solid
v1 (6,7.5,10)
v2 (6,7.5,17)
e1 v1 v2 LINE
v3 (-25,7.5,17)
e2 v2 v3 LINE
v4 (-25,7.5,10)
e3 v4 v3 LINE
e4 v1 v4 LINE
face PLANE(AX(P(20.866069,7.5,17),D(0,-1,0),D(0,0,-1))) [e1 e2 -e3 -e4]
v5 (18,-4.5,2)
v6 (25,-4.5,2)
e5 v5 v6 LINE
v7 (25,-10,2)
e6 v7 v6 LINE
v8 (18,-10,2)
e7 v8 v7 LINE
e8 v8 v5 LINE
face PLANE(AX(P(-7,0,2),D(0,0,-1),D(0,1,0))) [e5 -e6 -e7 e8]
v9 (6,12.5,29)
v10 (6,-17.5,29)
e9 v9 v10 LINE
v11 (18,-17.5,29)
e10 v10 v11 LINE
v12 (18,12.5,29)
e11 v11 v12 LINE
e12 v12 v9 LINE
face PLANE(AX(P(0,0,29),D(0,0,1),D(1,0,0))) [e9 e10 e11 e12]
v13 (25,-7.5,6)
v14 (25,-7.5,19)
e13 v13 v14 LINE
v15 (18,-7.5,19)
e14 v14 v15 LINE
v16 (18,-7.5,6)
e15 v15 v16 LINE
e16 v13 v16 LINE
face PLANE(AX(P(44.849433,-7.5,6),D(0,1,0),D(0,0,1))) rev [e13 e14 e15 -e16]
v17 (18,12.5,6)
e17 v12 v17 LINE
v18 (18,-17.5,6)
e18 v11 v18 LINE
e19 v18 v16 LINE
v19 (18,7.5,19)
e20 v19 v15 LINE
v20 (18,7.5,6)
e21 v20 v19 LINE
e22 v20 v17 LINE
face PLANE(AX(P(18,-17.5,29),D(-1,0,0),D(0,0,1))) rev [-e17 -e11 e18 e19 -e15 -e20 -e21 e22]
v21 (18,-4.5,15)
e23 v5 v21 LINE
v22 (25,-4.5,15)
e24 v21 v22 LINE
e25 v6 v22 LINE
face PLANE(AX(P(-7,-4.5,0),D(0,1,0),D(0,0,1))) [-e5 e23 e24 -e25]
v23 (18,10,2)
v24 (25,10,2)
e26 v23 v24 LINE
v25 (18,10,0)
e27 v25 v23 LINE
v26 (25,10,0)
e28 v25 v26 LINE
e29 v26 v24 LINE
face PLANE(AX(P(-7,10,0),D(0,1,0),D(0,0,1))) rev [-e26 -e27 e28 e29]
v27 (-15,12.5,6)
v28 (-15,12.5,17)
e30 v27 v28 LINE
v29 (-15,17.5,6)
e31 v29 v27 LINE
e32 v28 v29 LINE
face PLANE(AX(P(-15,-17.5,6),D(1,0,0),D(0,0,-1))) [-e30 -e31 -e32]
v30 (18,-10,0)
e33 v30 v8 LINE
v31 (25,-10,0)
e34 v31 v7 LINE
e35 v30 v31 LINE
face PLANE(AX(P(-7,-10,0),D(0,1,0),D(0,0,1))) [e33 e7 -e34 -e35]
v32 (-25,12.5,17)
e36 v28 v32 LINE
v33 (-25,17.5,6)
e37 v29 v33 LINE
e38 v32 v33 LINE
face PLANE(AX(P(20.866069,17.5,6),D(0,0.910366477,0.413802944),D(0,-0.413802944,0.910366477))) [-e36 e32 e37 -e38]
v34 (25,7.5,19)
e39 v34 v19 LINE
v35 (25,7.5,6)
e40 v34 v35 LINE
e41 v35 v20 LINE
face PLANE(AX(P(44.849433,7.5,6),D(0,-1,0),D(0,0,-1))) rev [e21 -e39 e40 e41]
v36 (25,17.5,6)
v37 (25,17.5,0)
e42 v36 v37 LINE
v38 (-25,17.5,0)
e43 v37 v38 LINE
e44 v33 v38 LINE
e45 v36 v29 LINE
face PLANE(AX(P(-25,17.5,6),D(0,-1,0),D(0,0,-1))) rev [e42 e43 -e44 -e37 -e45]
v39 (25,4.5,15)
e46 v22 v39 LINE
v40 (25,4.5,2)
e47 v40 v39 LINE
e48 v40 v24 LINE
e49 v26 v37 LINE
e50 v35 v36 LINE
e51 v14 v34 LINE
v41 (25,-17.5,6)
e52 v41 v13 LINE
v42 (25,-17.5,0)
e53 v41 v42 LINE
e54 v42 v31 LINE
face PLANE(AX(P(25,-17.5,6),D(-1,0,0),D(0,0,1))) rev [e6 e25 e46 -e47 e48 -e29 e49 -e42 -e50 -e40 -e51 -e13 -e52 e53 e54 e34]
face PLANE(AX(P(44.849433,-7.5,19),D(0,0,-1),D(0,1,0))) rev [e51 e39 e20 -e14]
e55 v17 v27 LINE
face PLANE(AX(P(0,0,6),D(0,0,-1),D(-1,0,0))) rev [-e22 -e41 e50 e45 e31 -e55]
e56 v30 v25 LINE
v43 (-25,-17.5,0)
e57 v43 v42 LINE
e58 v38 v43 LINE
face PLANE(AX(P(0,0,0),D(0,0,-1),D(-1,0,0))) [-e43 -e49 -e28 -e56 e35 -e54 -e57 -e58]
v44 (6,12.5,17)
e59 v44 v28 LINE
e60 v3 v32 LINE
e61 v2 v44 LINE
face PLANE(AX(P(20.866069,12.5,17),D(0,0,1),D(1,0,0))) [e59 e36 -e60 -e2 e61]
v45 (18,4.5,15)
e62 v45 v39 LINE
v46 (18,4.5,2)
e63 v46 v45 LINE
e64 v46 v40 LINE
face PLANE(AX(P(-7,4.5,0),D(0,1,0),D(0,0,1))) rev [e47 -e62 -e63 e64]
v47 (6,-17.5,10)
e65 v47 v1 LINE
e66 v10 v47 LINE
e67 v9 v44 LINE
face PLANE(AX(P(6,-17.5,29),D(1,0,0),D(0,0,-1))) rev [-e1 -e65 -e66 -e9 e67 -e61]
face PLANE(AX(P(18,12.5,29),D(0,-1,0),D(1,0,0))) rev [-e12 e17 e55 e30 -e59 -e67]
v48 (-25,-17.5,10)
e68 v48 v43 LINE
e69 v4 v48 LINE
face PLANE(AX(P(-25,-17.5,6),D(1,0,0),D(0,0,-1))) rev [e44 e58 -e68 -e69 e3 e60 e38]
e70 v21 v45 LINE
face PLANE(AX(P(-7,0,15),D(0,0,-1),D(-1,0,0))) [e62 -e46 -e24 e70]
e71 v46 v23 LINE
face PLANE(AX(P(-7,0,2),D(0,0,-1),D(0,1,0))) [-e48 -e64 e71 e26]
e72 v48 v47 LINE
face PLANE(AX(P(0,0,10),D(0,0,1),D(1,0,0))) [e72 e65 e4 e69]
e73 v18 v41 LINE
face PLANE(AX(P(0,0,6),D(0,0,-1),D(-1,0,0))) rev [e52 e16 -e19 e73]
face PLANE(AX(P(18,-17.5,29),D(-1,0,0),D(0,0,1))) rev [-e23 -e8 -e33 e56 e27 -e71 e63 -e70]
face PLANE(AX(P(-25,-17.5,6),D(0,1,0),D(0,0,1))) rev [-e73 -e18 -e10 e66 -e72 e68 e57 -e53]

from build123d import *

# Parameters (mm, degrees)
SKETCH_1_W          = 50
SKETCH_1_H          = 35
EXTRUDE_1_DEPTH     = 6
SKETCH_2_W          = 12
SKETCH_2_H          = 30
EXTRUDE_2_DEPTH     = 23
SKETCH_7_W          = 13
SKETCH_7_H          = 15
EXTRUDE_3_DEPTH     = 7
SKETCH_8_W          = 13
SKETCH_8_H          = 9
SKETCH_8_W_2        = 2
SKETCH_8_H_2        = 5.5
CUT_EXTRUDE_4_DEPTH = 7
EXTRUDE_4_DEPTH     = 31
SKETCH_11_W         = 11
SKETCH_11_H         = 5
CUT_EXTRUDE_5_DEPTH = 21
SKETCH_12_W         = 31
SKETCH_12_H         = 25
EXTRUDE_5_DEPTH     = 4


with BuildPart() as part:
    # Эскиз1 → Бобышка-Вытянуть1 (new body)
    with BuildSketch(Plane.XY):
        Rectangle(SKETCH_1_W, SKETCH_1_H)
    extrude(amount=EXTRUDE_1_DEPTH)

    # Эскиз2 → Бобышка-Вытянуть2 (add)
    with BuildSketch(Plane.XY.offset(6)):
        with Locations((12, -2.5)):
            Rectangle(SKETCH_2_W, SKETCH_2_H)
    extrude(amount=EXTRUDE_2_DEPTH)

    # Эскиз7 → Бобышка-Вытянуть3 (add)
    with BuildSketch(Plane(origin=(18, 0, 0), x_dir=(0, 0, -1), z_dir=(1, 0, 0))):
        with Locations((-12.5, 0)):
            Rectangle(SKETCH_7_W, SKETCH_7_H)
    extrude(amount=EXTRUDE_3_DEPTH)

    # Эскиз8 → Вырез-Вытянуть4 (cut)
    with BuildSketch(Plane(origin=(25, 0, 0), x_dir=(0, 0, -1), z_dir=(1, 0, 0))):
        with Locations((-8.5, 0)):
            Rectangle(SKETCH_8_W, SKETCH_8_H)
        with Locations((-1, -7.25)):
            Rectangle(SKETCH_8_W_2, SKETCH_8_H_2)
        with Locations((-1, 0)):
            Rectangle(SKETCH_8_W_2, SKETCH_8_H)
        with Locations((-1, 7.25)):
            Rectangle(SKETCH_8_W_2, SKETCH_8_H_2)
    extrude(amount=-CUT_EXTRUDE_4_DEPTH, mode=Mode.SUBTRACT)

    # Эскиз9 → Бобышка-Вытянуть4 (add)
    with BuildSketch(Plane.ZY.offset(25)):
        Polygon((6, 17.5), (17, 12.5), (17, 7.5), (6, 7.5), align=None)
    extrude(amount=-EXTRUDE_4_DEPTH)

    # Эскиз11 → Вырез-Вытянуть5 (cut)
    with BuildSketch(Plane(origin=(6, 0, 0), x_dir=(0, 0, -1), z_dir=(1, 0, 0))):
        with Locations((-11.5, 15)):
            Rectangle(SKETCH_11_W, SKETCH_11_H)
    extrude(amount=-CUT_EXTRUDE_5_DEPTH, mode=Mode.SUBTRACT)

    # Эскиз12 → Бобышка-Вытянуть5 (add)
    with BuildSketch(Plane.XY.offset(6)):
        with Locations((-9.5, -5)):
            Rectangle(SKETCH_12_W, SKETCH_12_H)
    extrude(amount=EXTRUDE_5_DEPTH)


solid = part.part
